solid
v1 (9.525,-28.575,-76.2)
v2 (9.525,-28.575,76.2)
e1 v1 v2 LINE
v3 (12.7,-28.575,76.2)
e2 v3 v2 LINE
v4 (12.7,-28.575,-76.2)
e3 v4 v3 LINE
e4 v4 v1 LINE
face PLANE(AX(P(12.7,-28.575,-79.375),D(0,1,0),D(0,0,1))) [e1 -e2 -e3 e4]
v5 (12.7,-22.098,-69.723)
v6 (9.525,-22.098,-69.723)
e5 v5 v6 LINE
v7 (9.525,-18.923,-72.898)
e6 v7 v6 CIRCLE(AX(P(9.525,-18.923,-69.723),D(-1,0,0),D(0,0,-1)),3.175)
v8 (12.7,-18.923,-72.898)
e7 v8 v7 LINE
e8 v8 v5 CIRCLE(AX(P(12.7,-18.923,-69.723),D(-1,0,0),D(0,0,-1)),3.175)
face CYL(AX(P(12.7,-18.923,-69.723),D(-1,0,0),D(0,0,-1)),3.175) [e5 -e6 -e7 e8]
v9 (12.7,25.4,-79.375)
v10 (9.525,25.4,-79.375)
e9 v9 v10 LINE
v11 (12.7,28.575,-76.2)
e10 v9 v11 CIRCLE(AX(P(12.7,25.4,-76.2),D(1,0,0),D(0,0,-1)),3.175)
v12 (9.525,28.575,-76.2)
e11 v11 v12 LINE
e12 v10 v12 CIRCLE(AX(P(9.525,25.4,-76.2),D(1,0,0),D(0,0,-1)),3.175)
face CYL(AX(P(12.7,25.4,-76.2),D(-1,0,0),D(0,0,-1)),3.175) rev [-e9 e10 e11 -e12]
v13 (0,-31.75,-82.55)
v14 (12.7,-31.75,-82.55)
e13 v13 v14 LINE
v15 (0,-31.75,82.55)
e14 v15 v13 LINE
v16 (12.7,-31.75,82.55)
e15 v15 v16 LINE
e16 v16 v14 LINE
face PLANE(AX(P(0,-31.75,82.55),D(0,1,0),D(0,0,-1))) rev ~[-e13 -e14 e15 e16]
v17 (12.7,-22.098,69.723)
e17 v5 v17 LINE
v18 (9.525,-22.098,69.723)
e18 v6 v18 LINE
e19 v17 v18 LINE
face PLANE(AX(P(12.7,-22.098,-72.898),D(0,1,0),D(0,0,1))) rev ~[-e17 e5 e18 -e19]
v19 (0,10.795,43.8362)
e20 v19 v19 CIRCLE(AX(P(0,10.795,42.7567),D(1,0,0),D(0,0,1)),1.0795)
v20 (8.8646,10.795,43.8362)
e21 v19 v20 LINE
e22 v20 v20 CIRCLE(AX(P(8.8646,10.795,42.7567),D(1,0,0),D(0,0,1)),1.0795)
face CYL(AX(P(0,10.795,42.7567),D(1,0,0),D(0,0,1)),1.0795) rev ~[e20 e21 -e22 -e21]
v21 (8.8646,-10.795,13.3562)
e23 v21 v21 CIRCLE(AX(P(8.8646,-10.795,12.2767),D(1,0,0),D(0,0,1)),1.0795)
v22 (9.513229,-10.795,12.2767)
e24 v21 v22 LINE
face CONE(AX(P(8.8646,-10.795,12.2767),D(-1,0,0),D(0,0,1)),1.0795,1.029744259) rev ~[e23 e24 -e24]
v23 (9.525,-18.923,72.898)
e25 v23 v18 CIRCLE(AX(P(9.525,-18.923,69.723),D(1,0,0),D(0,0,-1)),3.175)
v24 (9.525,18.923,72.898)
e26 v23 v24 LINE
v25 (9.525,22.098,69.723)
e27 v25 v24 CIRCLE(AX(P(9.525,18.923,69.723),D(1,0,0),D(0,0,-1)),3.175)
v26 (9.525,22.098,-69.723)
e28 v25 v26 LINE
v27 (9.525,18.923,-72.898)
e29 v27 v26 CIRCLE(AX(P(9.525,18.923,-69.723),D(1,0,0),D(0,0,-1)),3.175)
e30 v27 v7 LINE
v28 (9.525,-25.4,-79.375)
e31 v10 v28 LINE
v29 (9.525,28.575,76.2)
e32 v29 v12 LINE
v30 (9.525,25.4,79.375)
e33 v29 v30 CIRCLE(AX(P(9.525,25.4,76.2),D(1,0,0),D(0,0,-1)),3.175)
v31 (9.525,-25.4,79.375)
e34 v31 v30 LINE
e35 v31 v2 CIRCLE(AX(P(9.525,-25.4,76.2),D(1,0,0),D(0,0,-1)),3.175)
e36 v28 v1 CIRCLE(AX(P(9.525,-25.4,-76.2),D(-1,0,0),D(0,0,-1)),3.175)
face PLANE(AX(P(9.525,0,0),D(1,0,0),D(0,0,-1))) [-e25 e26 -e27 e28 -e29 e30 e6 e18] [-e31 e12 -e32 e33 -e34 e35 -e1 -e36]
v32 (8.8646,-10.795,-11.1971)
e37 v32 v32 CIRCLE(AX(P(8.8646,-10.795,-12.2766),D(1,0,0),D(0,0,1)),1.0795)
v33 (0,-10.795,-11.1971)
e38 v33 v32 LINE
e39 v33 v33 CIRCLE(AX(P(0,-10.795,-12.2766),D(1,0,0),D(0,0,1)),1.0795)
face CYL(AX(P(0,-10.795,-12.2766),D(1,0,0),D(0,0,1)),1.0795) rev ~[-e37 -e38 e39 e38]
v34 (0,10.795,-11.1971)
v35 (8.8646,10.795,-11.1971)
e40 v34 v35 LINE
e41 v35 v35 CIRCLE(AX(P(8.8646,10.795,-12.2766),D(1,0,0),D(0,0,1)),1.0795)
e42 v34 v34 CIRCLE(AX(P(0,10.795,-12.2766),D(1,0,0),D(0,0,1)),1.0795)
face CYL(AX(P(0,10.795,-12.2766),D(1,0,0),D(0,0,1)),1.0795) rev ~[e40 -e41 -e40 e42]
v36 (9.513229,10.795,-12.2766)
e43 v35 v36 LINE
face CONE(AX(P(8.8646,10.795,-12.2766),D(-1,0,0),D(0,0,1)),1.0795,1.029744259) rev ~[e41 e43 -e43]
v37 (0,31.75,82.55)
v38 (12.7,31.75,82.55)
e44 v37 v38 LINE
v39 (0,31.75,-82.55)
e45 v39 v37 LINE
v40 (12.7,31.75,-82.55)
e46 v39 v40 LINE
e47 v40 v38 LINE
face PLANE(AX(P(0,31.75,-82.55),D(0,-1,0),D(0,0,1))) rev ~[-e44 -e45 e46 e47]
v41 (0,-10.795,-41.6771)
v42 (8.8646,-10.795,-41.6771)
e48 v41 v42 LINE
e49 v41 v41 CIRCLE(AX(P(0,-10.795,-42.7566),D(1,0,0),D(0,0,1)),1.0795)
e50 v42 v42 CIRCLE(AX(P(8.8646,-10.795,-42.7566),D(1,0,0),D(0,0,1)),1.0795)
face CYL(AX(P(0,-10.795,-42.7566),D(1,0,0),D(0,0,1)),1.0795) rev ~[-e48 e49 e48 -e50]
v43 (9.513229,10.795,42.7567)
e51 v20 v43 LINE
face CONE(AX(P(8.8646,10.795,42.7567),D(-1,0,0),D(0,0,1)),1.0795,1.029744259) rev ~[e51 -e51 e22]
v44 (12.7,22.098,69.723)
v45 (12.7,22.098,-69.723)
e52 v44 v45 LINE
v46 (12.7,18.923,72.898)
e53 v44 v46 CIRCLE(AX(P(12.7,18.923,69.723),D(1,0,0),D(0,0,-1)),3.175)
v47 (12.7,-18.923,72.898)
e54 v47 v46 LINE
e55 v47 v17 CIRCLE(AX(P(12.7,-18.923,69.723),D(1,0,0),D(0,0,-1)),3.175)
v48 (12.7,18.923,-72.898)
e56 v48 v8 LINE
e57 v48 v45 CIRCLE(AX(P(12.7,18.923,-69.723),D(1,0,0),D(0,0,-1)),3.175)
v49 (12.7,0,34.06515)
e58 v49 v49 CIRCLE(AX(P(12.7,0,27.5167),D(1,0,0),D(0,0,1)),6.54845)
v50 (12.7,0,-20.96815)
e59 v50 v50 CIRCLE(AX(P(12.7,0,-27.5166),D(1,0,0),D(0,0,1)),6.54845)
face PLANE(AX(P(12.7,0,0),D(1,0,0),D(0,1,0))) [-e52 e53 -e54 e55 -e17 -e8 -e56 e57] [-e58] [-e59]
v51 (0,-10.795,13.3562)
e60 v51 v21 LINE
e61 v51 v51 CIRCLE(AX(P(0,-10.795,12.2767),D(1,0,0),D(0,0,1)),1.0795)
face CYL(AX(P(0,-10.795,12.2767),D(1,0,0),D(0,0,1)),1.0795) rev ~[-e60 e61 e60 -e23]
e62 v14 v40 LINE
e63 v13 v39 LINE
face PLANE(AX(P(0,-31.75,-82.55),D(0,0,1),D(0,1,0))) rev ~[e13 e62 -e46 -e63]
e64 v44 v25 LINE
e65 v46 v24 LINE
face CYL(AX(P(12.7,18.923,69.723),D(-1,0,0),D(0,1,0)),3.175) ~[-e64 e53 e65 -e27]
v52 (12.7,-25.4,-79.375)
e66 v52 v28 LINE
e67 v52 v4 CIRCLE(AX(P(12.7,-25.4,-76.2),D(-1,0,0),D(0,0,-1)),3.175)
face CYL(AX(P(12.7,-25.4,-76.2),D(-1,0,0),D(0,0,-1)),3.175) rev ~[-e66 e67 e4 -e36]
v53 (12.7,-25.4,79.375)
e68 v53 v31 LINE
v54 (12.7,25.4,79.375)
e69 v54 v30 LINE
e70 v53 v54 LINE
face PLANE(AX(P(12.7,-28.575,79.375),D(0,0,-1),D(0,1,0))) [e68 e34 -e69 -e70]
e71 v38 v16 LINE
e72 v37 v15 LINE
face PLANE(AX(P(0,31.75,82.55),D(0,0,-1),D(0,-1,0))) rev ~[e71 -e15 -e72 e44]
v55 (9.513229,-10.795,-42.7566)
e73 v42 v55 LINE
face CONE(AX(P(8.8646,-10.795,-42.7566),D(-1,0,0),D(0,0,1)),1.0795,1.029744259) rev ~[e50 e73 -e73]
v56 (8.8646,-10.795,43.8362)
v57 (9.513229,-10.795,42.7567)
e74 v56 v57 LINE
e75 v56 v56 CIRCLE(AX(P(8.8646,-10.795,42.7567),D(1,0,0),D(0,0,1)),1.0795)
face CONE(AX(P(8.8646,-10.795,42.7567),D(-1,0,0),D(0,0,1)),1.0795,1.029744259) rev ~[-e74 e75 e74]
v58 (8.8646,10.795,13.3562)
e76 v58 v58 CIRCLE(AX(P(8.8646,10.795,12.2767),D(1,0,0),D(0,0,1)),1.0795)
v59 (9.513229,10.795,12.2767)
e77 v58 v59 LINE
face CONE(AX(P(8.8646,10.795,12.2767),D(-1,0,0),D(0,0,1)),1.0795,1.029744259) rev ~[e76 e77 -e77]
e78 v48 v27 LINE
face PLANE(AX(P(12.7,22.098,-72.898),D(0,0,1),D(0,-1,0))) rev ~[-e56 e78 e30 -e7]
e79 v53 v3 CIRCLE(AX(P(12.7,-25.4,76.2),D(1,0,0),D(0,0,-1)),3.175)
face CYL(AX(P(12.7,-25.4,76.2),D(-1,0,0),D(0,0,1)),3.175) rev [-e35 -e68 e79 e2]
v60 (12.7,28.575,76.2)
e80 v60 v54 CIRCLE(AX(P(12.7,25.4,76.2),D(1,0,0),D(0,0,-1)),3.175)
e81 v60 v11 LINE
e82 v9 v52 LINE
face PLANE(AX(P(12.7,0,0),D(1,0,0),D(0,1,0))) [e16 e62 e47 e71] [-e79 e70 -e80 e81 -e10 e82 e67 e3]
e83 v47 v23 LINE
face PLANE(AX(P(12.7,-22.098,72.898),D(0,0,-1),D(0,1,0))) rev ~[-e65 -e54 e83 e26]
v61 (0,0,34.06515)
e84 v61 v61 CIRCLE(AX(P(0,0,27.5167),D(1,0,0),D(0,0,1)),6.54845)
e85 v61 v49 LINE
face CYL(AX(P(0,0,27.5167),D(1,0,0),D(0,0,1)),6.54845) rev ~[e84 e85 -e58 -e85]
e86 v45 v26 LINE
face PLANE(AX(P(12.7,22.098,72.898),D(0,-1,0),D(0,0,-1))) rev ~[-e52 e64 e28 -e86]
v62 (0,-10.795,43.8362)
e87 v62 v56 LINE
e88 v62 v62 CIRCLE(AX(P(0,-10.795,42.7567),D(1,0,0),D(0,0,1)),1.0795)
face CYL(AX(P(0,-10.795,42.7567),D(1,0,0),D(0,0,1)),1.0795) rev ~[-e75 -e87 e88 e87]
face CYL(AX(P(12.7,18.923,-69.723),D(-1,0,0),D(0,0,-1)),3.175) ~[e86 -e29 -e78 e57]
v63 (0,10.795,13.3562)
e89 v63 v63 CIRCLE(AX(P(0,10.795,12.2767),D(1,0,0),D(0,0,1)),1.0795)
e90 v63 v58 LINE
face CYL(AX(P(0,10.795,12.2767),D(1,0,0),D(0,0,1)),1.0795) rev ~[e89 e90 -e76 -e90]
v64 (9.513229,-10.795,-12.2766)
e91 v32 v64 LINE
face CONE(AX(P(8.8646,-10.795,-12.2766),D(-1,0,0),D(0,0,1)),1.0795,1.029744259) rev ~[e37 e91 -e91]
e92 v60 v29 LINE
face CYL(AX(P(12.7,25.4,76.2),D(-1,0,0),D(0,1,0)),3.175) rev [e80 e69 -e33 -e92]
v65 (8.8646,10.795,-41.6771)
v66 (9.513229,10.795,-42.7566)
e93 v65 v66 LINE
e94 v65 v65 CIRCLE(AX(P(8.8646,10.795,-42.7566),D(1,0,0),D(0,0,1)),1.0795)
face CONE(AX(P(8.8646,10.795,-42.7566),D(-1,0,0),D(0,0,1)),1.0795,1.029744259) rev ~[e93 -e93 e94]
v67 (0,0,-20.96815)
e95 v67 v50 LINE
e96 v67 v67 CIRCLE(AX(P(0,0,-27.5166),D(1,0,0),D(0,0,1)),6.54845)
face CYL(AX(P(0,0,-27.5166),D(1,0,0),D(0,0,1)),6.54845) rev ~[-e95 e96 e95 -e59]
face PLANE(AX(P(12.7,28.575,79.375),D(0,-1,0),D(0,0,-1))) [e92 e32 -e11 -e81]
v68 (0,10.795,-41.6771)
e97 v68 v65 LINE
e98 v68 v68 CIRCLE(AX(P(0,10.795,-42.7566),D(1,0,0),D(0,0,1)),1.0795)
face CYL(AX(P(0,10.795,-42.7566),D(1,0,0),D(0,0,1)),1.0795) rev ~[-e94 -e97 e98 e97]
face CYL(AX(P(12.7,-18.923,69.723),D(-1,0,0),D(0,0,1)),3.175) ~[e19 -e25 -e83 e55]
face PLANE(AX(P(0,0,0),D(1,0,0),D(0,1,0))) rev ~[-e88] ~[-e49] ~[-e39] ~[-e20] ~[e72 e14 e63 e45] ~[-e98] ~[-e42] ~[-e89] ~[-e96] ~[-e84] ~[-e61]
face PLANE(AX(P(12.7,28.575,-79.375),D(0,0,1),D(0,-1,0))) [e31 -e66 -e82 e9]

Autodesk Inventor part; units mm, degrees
ref_plane "YZ Plane" through (0, 0, 0) normal (1, 0, 0) x (0, 1, 0)
ref_plane "XZ Plane" through (0, 0, 0) normal (0, 1, 0) x (-1, 0, 0)
ref_plane "XY Plane" through (0, 0, 0) normal (0, 0, 1) x (1, 0, 0)
sketch "Sketch1" plane through (0, 0, 0) normal (1, 0, 0) x (0, 1, 0)
  line L0 (31.75, 82.55) -> (-31.75, 82.55)
  line L1 (-31.75, 82.55) -> (-31.75, -82.55)
  line L2 (-31.75, -82.55) -> (31.75, -82.55)
  line L3 (31.75, -82.55) -> (31.75, 82.55)
  point P0 (0, 0)
  point P1 (31.75, 0)
  point P2 (0, 82.55)
  dimension "d0" = 165.1
  dimension "d1" = 63.5
extrude "Extrusion1" add sketch "Sketch1" along normal blind 12.7
sketch "Sketch3" plane through (12.7, 0, 0) normal (1, 0, 0) x (0, 0, -1)
  line L0 (72.898, -22.098) -> (-72.898, -22.098)
  line L1 (-72.898, -22.098) -> (-72.898, 22.098)
  line L2 (-72.898, 22.098) -> (72.898, 22.098)
  line L3 (72.898, 22.098) -> (72.898, -22.098)
  line L4 (72.898, -22.098) -> (-72.898, 22.098) construction
  line L5 (-72.898, -22.098) -> (72.898, 22.098) construction
  line L6 (79.375, -28.575) -> (-79.375, -28.575)
  line L7 (-79.375, -28.575) -> (-79.375, 28.575)
  line L8 (-79.375, 28.575) -> (79.375, 28.575)
  line L9 (79.375, 28.575) -> (79.375, -28.575)
  line L10 (79.375, -28.575) -> (-79.375, 28.575) construction
  line L11 (-79.375, -28.575) -> (79.375, 28.575) construction
  point P0 (0, 0)
  point P1 (0, 0)
  point P2 (0, 0)
  dimension "d16" = 145.796
  dimension "d17" = 44.196
  dimension "d18" = 6.477
  dimension "d19" = 6.477
extrude "Extrusion3" cut sketch "Sketch3" against normal blind 3.175
fillet "Fillet1" radius 3.175 8 edges at (11.1125, -28.575, 79.375) (11.1125, 28.575, 79.375) (11.1125, 28.575, -79.375) (11.1125, -28.575, -79.375) (11.1125, -22.098, 72.898) (11.1125, 22.098, 72.898) (11.1125, 22.098, -72.898) (11.1125, -22.098, -72.898)
sketch "Sketch4" plane through (0, 0, 0) normal (-1, 0, 0) x (0, 0, 1)
  line L0 (0, 0) -> (27.5167, 0) construction
  line L1 (82.55, 31.75) -> (82.55, -31.75) projected
  dimension "d42" = 55.0333
hole "Hole1" at (0, 0, 27.5167) direction (1, 0, 0) diameter 13.0969 end through all
sketch "Sketch5" plane through (0, 0, 0) normal (-1, 0, 0) x (0, 0, 1)
  circle A0 centre (27.5167, 0) radius 6.5484 projected
  line L0 (42.7567, 10.795) -> (12.2767, 10.795) construction
  line L1 (12.2767, 10.795) -> (12.2767, -10.795) construction
  line L2 (12.2767, -10.795) -> (42.7567, -10.795) construction
  line L3 (42.7567, -10.795) -> (42.7567, 10.795) construction
  line L4 (42.7567, 10.795) -> (12.2767, -10.795) construction
  line L5 (12.2767, 10.795) -> (42.7567, -10.795) construction
  point P0 (0, 0)
  dimension "d30" = 30.48
  dimension "d31" = 21.59
hole "Hole2" at (0, -10.795, 42.7567) at (0, 10.795, 42.7567) at (0, 10.795, 12.2767) at (0, -10.795, 12.2767) direction (1, 0, 0) diameter 2.159 depth 8.8646 tip angle 118
pattern_linear "Rectangular Pattern1" count 2 spacing 55.0333 along (0, 0, -1) of "Hole1", "Hole2"
equation "\"d0\" = tubeWidth + 2 * plateOverhang"
equation "\"d1\" = tubeHeight + 2 * plateOverhang"
equation "\"d2\" = sensorCapThickness"
equation "\"d16\" = -2 * tubeWallThickness + tubeWidth - 2 * tubePlateClearance"
equation "\"d17\" = -2 * tubeWallThickness + tubeHeight - 2 * tubePlateClearance"
equation "\"d18\" = tubeWallThickness + tubePlateClearance + moatWidth"
equation "\"d19\" = tubeWallThickness + tubePlateClearance + moatWidth"
equation "\"d12\" = moatDepth"
equation "\"d23\" = glassTubeDiameter + 2 * glassTubeClearance"
equation "\"d30\" = longHoleSpacing"
equation "\"d31\" = shortHoleSpacing"
equation "\"tubeHeight\" = 50.8"
equation "\"tubeWidth\" = 152.4"
equation "\"tubeLength\" = 304.8"
equation "\"tubeWallThickness\" = 3.175"
equation "\"plateOverhang\" = 6.35"
equation "\"moatWidth\" = 3.175"
equation "\"tubePlateClearance\" = 0.127"
equation "\"moatDepth\" = 3.175"
equation "\"blankCapThickness\" = 9.525"
equation "\"sensorCapThickness\" = 12.7"
equation "\"glassTubeDiameter\" = 12.7"
equation "\"glassTubeClearance\" = 0.19844"
equation "\"shortHoleSpacing\" = 21.59"
equation "\"longHoleSpacing\" = 30.48"
equation "\"oRingGrooveWidth\" = 2.54"
equation "\"oRingGrooveDepth\" = 1.2446"
equation "\"fiberDiameter\" = 1"
equation "\"sensorHolderDiameter\" = 50.8"
equation "\"oRingID\" = 22.2504"
equation "\"sensorHolderThickness\" = 12.7"
equation "\"fiberClearance\" = 0"
equation "\"glassTubeLength\" = 279.4"
equation "\"glassTubeID\" = 7.874"
equation "\"sensorBoardHoleSpacing\" = 19"
properties part number "plateEnd" material "Aluminum 6061"
